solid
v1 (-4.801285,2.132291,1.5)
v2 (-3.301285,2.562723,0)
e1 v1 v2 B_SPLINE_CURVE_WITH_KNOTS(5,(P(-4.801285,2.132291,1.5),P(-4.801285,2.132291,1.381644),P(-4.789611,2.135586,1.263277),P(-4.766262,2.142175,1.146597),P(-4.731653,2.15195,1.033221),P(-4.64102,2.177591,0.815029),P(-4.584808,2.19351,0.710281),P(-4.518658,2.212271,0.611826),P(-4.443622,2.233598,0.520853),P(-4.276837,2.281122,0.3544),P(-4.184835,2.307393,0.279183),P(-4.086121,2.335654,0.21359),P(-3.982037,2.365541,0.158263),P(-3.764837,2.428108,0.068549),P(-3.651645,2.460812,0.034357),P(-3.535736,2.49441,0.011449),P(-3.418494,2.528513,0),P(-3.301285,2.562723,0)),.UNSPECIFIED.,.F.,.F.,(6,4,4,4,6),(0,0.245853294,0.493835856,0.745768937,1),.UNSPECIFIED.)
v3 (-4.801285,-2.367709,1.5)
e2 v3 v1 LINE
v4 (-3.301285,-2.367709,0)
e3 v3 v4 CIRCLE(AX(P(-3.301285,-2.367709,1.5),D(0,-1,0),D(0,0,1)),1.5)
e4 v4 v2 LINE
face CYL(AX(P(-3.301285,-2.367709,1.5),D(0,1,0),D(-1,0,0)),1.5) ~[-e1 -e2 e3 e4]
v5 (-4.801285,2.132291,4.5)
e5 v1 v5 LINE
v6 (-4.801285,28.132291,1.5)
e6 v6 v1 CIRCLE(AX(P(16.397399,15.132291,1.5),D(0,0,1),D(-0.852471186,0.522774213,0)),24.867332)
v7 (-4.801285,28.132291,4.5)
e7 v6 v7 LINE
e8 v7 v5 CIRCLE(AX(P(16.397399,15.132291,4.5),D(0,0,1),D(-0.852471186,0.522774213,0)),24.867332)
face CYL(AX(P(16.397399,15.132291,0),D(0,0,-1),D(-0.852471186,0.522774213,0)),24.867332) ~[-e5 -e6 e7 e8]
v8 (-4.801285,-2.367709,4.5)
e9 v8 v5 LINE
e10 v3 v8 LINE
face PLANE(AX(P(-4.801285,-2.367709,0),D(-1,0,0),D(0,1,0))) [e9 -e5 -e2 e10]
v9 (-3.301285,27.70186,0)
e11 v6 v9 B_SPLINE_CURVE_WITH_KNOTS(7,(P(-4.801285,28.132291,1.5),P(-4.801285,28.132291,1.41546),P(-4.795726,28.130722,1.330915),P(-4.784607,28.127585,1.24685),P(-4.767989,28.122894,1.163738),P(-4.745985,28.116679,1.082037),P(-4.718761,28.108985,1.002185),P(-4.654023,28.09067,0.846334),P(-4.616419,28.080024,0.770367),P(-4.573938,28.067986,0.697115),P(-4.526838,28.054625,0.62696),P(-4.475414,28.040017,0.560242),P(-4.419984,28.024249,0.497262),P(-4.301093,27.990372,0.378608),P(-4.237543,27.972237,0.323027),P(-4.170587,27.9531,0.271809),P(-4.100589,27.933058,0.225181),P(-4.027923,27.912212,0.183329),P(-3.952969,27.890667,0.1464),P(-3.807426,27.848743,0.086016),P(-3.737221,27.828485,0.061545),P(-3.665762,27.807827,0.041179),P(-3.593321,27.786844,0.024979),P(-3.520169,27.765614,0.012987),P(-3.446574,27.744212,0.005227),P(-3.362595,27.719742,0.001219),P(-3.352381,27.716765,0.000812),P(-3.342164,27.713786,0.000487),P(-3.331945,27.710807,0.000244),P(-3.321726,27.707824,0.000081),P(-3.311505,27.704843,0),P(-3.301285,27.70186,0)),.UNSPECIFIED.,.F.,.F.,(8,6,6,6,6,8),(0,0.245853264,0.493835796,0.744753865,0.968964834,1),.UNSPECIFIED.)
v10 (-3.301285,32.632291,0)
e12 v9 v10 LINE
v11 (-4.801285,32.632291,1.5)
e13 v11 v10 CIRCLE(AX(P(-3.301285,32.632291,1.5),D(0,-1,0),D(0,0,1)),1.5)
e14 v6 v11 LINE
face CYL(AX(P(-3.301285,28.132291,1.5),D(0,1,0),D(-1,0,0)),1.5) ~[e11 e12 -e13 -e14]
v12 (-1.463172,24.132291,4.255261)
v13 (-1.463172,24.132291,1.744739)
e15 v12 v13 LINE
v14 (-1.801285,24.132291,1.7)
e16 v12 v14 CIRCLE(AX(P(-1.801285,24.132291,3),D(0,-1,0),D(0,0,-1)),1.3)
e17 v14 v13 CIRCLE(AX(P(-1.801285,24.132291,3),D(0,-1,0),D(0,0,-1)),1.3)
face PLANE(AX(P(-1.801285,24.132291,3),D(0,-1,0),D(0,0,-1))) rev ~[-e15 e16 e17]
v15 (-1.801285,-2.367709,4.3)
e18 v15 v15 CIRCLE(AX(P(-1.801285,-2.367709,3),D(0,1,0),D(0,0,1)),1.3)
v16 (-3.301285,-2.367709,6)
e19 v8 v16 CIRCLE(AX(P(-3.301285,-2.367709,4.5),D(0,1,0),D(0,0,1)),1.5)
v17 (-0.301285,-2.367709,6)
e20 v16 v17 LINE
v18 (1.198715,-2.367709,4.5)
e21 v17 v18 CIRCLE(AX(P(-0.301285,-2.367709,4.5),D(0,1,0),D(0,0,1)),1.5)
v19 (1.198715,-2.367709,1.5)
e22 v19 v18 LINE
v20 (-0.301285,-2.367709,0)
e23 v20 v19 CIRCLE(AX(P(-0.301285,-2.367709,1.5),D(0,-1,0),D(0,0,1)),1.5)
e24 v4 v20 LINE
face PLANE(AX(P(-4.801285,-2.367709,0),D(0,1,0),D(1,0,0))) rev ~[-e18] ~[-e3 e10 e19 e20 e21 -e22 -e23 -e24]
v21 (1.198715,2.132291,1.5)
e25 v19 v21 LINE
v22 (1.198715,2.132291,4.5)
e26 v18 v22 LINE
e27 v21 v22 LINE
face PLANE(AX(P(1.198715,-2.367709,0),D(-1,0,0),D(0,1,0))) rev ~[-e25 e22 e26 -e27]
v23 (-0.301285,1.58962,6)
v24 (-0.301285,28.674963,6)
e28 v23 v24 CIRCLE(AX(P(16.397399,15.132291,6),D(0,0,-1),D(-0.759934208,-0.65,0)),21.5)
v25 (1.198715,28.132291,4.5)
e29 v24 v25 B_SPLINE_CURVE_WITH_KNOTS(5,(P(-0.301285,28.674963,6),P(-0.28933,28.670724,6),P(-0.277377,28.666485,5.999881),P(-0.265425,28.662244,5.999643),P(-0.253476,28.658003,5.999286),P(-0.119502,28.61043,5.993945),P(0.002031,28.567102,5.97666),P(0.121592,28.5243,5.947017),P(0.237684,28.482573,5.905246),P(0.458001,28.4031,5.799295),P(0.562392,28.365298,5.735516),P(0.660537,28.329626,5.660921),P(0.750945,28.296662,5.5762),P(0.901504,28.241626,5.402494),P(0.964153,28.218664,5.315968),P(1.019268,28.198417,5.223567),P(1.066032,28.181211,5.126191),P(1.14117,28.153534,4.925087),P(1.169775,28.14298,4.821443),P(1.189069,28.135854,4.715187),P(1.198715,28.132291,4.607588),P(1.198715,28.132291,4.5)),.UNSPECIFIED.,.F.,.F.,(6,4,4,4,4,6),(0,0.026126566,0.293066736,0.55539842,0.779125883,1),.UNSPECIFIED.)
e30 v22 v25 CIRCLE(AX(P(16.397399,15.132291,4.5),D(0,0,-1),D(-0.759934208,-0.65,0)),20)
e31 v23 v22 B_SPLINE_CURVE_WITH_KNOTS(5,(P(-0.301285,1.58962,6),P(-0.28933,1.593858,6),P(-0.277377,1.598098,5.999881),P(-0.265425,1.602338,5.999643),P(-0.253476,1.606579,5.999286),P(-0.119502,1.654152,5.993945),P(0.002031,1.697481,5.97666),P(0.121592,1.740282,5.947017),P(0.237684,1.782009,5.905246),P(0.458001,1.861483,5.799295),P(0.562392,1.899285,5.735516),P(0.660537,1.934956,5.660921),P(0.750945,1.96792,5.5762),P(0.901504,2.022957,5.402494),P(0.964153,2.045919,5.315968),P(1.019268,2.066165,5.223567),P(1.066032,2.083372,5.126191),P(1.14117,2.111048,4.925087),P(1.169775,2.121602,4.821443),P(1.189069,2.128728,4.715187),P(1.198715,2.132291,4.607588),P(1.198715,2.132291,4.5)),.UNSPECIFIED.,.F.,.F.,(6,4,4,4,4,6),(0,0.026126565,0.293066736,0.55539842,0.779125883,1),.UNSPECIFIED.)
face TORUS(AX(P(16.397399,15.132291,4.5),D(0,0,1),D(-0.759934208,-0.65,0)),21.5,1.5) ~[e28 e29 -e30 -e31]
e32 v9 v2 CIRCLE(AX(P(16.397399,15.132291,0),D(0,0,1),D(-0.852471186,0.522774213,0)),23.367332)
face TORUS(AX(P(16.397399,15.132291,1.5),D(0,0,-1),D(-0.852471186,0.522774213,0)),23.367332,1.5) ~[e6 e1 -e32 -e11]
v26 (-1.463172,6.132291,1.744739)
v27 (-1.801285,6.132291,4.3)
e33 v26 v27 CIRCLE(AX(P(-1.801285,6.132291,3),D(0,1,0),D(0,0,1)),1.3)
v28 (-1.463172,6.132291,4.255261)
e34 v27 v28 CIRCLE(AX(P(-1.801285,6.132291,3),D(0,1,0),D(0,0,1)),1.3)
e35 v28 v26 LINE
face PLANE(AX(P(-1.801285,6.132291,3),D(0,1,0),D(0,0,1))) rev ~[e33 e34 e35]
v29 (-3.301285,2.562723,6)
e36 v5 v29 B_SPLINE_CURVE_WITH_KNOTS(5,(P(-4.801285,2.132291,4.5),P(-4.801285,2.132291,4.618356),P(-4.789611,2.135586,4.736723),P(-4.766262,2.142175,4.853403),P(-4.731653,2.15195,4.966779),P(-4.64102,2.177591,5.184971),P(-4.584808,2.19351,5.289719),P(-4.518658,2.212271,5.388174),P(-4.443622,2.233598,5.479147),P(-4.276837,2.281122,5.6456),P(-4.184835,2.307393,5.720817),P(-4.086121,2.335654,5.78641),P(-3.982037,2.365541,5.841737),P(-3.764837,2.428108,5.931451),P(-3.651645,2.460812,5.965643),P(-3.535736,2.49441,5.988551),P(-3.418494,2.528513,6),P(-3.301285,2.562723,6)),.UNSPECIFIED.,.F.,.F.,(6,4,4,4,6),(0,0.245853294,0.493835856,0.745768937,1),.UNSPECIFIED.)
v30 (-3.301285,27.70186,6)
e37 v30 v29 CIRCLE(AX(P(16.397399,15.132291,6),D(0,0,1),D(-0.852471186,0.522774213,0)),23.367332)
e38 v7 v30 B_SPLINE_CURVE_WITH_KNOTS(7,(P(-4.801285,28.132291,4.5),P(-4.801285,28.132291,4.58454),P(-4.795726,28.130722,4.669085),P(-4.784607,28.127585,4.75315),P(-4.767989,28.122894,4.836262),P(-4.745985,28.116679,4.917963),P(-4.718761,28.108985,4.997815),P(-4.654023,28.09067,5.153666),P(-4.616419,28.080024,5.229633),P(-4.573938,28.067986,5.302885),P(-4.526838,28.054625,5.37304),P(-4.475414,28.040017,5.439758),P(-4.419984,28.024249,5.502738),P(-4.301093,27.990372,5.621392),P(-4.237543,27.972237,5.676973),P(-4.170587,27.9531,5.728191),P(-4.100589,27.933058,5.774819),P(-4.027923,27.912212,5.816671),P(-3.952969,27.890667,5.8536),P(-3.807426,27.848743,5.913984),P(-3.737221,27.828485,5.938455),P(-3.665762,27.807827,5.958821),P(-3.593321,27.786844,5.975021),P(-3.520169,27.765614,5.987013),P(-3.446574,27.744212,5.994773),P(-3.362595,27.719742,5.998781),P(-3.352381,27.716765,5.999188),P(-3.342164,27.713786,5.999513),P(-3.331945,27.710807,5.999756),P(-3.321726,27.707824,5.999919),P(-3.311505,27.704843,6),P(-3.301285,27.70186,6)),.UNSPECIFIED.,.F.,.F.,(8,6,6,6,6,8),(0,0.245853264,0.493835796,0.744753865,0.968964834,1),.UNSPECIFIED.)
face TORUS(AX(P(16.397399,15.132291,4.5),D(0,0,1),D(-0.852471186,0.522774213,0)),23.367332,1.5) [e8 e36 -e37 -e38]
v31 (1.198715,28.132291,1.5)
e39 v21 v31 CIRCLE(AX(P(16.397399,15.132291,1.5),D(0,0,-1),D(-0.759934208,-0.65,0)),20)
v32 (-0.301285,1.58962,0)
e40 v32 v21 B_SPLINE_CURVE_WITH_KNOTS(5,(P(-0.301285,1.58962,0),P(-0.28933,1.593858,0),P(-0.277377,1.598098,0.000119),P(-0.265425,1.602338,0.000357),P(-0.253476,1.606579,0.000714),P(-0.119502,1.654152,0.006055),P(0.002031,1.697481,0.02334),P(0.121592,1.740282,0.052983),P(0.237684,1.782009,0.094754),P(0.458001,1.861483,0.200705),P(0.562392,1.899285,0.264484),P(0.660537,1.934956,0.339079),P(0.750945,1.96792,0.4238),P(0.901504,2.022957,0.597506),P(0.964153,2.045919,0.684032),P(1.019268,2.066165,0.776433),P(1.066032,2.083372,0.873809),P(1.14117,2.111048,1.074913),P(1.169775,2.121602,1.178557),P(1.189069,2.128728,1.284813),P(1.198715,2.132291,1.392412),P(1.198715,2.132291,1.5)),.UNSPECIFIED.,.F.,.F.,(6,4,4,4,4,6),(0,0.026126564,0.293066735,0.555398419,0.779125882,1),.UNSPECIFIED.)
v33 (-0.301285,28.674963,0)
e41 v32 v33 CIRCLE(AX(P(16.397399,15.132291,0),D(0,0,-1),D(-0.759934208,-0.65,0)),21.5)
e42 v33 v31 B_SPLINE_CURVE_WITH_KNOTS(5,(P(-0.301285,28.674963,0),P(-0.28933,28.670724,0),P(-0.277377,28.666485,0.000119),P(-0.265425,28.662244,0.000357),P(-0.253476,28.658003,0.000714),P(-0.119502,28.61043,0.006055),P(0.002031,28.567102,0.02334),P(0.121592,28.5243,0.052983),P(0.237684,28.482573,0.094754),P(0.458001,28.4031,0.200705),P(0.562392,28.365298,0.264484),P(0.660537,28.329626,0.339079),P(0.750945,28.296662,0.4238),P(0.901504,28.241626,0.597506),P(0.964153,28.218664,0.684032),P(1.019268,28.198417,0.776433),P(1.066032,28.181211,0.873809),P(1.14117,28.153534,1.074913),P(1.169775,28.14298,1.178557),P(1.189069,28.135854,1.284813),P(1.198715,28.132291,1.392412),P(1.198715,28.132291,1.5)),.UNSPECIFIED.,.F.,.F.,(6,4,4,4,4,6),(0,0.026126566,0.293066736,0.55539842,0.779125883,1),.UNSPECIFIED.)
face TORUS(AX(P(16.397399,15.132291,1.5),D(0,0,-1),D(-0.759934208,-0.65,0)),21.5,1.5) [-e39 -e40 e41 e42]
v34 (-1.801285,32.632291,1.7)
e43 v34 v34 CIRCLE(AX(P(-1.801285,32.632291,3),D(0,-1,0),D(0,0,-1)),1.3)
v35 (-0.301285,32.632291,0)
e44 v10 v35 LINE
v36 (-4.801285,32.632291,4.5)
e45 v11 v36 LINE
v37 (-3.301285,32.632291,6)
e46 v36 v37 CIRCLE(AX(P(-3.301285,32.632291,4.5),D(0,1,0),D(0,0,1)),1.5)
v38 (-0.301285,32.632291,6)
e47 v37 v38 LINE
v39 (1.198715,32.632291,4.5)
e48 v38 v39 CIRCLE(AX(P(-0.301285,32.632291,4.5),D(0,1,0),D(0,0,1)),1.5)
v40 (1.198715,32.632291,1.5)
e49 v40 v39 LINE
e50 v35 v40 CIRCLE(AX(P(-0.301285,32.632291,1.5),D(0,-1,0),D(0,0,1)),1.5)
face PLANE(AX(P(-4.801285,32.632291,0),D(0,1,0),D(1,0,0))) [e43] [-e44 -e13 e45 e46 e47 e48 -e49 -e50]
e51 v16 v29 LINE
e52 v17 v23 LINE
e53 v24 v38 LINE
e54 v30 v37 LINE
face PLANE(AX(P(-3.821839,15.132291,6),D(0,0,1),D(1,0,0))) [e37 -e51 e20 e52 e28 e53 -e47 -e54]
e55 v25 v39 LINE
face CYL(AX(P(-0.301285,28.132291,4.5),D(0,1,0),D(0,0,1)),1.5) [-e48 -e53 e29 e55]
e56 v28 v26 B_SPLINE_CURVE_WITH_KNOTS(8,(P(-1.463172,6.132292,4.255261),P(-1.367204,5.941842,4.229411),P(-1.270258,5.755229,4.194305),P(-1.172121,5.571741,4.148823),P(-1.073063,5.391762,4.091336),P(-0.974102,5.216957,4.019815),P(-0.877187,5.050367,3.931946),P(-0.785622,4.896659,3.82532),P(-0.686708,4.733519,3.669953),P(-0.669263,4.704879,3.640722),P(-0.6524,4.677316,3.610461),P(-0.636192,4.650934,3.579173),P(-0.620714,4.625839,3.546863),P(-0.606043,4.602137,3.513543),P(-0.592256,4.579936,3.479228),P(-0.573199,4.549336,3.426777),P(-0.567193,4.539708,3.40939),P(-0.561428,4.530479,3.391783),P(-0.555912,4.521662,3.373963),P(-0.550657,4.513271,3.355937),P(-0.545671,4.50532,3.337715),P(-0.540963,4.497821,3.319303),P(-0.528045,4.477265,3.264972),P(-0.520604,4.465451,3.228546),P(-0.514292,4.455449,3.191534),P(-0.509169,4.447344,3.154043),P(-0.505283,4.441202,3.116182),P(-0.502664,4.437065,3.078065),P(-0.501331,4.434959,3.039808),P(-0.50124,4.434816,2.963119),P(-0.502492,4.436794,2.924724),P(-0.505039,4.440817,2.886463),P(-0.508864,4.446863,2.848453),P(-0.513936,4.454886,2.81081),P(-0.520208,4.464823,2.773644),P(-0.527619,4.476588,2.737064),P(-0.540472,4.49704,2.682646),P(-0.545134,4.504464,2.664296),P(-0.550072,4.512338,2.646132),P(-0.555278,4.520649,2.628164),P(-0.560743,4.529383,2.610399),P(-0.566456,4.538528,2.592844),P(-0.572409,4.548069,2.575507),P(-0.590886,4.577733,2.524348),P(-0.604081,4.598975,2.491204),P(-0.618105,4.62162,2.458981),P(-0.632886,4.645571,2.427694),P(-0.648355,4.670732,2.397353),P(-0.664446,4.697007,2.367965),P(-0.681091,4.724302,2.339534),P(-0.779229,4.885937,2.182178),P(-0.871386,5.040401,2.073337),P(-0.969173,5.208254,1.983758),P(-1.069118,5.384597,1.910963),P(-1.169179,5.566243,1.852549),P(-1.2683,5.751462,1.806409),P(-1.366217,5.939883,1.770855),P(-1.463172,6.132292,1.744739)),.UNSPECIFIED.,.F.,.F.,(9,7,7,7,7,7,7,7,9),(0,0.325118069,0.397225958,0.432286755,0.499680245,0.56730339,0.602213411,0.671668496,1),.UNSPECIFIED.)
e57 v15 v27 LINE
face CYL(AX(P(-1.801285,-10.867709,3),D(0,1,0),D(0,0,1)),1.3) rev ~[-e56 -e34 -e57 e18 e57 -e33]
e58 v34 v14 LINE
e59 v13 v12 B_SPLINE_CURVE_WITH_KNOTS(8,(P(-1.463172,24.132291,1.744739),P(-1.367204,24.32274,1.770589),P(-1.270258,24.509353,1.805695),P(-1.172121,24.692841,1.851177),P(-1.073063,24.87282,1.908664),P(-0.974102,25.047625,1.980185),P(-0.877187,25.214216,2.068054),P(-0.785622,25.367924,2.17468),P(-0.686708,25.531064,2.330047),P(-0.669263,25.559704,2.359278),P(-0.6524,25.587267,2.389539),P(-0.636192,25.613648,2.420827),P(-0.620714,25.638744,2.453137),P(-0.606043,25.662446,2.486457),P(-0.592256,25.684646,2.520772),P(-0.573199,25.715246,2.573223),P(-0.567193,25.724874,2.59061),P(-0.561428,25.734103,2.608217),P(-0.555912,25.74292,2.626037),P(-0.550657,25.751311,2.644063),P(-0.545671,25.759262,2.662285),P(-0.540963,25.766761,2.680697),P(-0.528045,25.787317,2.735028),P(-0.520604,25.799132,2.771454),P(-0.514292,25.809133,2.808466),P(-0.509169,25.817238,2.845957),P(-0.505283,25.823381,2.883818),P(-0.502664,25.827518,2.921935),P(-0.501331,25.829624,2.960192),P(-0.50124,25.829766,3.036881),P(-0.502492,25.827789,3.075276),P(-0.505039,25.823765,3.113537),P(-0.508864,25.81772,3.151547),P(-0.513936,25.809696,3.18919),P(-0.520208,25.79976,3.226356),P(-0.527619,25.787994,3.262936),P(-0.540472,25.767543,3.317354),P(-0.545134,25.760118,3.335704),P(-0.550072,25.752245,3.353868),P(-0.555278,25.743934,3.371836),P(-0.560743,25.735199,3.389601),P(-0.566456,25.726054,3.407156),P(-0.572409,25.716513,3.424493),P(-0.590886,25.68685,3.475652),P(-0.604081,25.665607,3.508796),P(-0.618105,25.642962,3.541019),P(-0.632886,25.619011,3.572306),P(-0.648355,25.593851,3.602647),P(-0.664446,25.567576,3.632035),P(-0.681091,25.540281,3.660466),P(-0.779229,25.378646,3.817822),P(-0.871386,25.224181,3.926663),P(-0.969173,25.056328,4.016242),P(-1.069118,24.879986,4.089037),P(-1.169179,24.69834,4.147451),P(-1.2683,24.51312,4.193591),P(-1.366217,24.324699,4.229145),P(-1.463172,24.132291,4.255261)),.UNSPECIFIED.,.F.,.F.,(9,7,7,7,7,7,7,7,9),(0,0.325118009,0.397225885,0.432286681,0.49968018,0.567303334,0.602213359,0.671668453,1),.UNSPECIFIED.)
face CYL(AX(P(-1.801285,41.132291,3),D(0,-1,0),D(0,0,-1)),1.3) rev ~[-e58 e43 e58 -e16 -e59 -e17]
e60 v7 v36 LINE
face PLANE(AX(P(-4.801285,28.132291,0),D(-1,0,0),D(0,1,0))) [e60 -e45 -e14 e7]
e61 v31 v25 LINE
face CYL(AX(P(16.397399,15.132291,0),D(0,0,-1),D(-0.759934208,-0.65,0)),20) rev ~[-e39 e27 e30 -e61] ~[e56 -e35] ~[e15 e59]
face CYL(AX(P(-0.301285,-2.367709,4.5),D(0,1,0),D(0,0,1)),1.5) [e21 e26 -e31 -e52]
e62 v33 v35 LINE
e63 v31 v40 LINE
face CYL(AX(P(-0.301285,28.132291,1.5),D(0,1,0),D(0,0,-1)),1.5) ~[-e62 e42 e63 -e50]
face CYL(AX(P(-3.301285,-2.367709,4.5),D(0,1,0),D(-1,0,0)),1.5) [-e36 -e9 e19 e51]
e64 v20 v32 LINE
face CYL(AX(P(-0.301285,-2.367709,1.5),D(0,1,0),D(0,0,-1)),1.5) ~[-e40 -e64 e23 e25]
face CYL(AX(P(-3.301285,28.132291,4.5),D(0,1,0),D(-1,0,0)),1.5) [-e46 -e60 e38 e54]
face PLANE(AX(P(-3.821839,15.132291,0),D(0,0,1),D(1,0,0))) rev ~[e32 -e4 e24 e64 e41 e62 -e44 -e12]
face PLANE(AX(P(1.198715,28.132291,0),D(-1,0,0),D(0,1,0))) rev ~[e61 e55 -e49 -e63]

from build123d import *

# Parameters (mm, degrees)
SKETCH1_W             = 6
SKETCH1_H             = 4.5
BOSS_EXTRUDE1_DEPTH   = 6
HOLE1_D               = 2.6
HOLE1_DEPTH           = 8.5
HOLE1_ON_FACE_2_D     = 2.6
HOLE1_ON_FACE_2_DEPTH = 8.5
FILLET1_R             = 1.5


with BuildPart() as part:
    # Sketch1 → Boss-Extrude1 (new body)
    with BuildSketch(Plane.XY):
        with BuildLine():
            Line((1.198715271, 28.132291187), (-4.801284729, 28.132291187))
            ThreePointArc((-4.801284729, 28.132291187), (-8.469932757, 15.132291187), (-4.801284729, 2.132291187))
            Line((-4.801284729, 2.132291187), (1.198715271, 2.132291187))
            ThreePointArc((1.198715271, 2.132291187), (-3.602600575, 15.132291187), (1.198715271, 28.132291187))
        make_face()
        with Locations((-1.801284729, 30.382291187)):
            Rectangle(SKETCH1_W, SKETCH1_H)
        with Locations((-1.801284729, -0.117708813)):
            Rectangle(SKETCH1_W, SKETCH1_H)
    extrude(amount=BOSS_EXTRUDE1_DEPTH)

    # Hole1
    with Locations(Plane(origin=(-1.801284729, 32.632291187, 3), x_dir=(0, 0, 1), z_dir=(0, 1, 0))):
        with Locations((0, 0)):
            Hole(HOLE1_D / 2, depth=HOLE1_DEPTH)

    # Hole1 on face 2
    with Locations(Plane(origin=(-1.801284729, -2.367708813, 3), x_dir=(0, 0, -1), z_dir=(0, -1, 0))):
        with Locations((0, 0)):
            Hole(HOLE1_ON_FACE_2_D / 2, depth=HOLE1_ON_FACE_2_DEPTH)

    # Fillet1
    fillet1_edges = [part.edges().sort_by_distance(p)[0] for p in [
        (1.198715271, 30.382291187, 6),
        (-4.801284729, -0.117708813, 0),
        (-8.469932757, 15.132291187, 0),
        (-4.801284729, 30.382291187, 0),
        (1.198715271, 30.382291187, 0),
        (-3.602600575, 15.132291187, 0),
        (-4.801284729, 30.382291187, 6),
        (-8.469932757, 15.132291187, 6),
        (-4.801284729, -0.117708813, 6),
        (1.198715271, -0.117708813, 6),
        (-3.602600575, 15.132291187, 6),
        (1.198715271, -0.117708813, 0),
    ]]
    fillet(fillet1_edges, radius=FILLET1_R)


solid = part.part
